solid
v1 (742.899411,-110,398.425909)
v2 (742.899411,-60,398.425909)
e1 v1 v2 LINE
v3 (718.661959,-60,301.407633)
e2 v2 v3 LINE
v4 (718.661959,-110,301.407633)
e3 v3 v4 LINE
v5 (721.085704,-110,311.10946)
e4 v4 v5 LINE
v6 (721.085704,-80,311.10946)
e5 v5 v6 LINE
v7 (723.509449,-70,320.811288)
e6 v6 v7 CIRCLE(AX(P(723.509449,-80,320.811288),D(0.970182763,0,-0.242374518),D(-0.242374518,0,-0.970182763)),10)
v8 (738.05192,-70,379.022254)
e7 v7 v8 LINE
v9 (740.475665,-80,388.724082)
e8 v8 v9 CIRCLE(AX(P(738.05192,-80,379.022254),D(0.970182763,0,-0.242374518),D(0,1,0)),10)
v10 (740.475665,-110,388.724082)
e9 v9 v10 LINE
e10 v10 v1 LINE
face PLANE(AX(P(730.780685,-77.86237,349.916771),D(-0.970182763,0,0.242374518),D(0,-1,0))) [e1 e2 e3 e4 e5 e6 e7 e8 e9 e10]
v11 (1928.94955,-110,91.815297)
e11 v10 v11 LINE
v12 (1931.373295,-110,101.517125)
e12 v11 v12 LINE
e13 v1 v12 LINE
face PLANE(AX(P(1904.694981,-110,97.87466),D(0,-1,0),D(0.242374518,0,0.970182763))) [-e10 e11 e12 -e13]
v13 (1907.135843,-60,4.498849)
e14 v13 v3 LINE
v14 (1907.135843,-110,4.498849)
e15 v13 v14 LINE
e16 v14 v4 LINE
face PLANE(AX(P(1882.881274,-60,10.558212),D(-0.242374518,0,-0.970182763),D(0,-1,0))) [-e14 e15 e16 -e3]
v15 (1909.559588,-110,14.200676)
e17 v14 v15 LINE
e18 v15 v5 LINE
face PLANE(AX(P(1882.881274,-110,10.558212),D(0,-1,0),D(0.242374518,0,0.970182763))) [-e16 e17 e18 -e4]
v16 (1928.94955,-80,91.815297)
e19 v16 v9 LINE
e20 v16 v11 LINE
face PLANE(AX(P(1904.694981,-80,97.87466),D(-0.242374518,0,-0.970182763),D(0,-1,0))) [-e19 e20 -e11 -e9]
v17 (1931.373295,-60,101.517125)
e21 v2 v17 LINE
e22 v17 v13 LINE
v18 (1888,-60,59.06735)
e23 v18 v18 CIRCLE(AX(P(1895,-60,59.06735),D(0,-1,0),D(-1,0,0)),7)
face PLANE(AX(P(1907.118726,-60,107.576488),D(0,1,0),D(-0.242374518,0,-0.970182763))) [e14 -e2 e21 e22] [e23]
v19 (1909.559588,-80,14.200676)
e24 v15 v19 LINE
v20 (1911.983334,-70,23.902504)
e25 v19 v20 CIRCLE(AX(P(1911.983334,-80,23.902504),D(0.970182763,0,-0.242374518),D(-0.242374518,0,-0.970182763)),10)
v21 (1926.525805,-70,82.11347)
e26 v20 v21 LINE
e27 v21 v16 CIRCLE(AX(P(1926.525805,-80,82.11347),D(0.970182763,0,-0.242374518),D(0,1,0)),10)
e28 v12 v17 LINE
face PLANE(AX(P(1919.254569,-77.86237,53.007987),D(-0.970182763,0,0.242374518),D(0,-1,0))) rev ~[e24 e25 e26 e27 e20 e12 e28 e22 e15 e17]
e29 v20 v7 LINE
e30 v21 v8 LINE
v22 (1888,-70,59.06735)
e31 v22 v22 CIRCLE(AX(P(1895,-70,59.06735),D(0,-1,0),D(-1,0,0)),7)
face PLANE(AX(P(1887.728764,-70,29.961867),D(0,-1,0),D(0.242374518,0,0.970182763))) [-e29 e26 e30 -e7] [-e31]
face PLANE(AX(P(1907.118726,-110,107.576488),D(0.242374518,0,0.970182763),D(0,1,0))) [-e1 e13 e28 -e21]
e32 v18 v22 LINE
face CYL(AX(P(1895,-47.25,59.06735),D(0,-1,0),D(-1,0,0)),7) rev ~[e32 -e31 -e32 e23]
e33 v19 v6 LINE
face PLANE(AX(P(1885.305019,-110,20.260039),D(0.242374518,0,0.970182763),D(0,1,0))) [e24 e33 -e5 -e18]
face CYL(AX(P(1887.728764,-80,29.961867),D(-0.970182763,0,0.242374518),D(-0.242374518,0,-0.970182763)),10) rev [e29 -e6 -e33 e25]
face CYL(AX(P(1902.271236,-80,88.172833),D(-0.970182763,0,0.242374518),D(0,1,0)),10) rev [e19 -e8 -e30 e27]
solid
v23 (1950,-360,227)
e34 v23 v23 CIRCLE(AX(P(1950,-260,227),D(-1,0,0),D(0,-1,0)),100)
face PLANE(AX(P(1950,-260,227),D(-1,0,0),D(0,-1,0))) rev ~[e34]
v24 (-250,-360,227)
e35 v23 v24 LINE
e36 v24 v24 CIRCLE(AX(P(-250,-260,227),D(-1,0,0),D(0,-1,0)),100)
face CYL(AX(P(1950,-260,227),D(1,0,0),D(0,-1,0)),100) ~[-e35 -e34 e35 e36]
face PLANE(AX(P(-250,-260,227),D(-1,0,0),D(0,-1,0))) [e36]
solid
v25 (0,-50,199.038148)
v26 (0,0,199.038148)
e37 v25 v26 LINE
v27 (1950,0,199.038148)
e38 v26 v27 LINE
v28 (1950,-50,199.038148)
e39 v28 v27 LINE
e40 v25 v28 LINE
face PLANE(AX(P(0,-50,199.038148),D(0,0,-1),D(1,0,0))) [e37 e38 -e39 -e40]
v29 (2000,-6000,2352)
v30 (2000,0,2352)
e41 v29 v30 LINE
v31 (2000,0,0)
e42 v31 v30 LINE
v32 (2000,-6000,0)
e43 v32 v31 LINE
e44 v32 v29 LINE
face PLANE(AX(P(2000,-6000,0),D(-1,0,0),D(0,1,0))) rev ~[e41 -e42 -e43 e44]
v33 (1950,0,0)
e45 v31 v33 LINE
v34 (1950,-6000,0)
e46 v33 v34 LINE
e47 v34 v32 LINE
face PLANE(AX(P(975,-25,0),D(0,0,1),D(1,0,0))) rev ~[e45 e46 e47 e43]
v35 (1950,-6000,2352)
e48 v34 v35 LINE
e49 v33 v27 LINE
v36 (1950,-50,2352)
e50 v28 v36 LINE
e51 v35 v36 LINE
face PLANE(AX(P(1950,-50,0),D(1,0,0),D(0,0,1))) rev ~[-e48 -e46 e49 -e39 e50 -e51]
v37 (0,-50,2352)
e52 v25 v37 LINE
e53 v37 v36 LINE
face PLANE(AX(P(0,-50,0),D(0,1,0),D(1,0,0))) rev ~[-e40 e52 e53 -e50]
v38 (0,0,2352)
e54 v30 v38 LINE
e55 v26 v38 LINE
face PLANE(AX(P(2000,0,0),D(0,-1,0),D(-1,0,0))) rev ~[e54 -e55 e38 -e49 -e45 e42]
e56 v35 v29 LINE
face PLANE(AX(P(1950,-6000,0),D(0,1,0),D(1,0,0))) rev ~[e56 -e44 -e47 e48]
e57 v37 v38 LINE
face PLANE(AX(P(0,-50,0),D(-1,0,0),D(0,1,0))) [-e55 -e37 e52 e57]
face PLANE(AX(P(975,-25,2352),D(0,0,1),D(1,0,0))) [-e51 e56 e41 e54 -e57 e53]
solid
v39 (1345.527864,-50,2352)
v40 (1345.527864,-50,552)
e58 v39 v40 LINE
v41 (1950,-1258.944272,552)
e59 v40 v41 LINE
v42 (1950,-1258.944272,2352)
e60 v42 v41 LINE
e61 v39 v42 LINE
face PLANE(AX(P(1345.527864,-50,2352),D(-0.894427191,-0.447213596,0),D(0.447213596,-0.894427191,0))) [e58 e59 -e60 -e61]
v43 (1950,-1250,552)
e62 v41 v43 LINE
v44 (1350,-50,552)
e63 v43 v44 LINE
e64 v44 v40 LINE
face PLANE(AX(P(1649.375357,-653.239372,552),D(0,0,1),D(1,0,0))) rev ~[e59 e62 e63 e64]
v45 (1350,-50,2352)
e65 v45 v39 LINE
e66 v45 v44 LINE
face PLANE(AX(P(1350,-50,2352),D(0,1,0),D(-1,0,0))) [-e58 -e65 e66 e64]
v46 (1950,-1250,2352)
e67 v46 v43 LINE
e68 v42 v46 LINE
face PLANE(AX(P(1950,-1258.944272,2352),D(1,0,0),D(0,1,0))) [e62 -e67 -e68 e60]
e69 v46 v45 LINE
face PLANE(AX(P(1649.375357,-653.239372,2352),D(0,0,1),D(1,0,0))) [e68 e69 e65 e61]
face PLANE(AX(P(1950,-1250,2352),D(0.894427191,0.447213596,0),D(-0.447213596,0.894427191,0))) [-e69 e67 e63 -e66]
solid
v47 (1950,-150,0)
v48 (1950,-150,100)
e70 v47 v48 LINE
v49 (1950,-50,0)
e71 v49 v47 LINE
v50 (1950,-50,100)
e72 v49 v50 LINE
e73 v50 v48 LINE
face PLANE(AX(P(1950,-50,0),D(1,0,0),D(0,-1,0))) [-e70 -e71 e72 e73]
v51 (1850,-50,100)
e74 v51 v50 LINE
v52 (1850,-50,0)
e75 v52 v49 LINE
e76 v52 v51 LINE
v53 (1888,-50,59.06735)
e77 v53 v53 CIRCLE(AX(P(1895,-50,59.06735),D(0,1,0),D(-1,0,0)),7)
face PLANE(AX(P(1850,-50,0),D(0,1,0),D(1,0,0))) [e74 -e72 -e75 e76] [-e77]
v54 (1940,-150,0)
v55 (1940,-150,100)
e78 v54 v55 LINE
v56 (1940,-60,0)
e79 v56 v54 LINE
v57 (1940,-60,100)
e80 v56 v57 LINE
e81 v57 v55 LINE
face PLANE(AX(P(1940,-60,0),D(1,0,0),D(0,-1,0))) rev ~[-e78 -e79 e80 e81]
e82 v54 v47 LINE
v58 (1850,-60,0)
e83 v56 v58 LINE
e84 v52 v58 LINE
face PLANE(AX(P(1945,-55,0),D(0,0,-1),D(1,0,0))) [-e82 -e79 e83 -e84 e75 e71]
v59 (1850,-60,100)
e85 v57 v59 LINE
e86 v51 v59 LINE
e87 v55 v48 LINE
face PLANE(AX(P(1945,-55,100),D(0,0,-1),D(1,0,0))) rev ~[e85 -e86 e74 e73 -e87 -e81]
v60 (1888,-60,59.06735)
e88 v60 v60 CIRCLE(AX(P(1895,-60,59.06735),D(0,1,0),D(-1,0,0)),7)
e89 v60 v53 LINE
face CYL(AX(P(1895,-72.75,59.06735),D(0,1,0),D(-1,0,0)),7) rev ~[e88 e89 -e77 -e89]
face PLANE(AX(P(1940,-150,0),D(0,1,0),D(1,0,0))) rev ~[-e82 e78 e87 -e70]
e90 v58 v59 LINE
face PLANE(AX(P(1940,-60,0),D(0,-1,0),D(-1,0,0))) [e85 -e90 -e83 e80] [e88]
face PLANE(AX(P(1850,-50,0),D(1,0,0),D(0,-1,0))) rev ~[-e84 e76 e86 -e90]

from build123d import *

# Parameters (mm, degrees)
F0_W           = 1950
F0_H           = 50
F0_W_2         = 50
F0_H_2         = 5950
F1_DEPTH       = 2352
F2_R           = 100
F2_R_2         = 50
F3_DEPTH       = 2200
F5_DEPTH       = 1800
F6_W           = 1950
F6_H           = 199.0381479263
F7_DEPTH       = 50.001
F8_W           = 10
F8_H           = 10
F8_W_2         = 90
F8_H_2         = 90
F9_DEPTH       = 100
F13_DEPTH      = 1200
F13_DEPTH_BACK = 25
F14_D          = 14
F14_DEPTH      = 12.75
F14_TIP        = 4.2060243332
F15_D          = 14
F15_DEPTH      = 12.75
F15_TIP        = 4.2060243332


with BuildPart() as f1:
    # F0 (on Top) → F1 (new body)
    with BuildSketch(Plane.XY):
        with Locations((975, -25)):
            Rectangle(F0_W, F0_H)
        with Locations((1975, -25)):
            Rectangle(F0_W_2, F0_H)
        with Locations((1975, -3025)):
            Rectangle(F0_W_2, F0_H_2)
    extrude(amount=F1_DEPTH)

    # F6 (on face) → F7 (cut, through all)
    with BuildSketch(Plane.XZ.offset(50)):
        with Locations((975, 99.5190739632)):
            Rectangle(F6_W, F6_H)
    extrude(amount=-F7_DEPTH, mode=Mode.SUBTRACT)


with BuildPart() as f3:
    # F2 (on face) → F3 (new body)
    with BuildSketch(Plane(origin=(1950, 0, 0), x_dir=(0, -1, 0), z_dir=(-1, 0, 0))):
        with Locations((260, 227)):
            Circle(F2_R)
        with Locations((260, 227)):
            Circle(F2_R_2, mode=Mode.SUBTRACT)
        with Locations((260, 227)):
            Circle(F2_R_2)
    extrude(amount=F3_DEPTH)


with BuildPart() as f5:
    # F4 (on face) → F5 (new body)
    with BuildSketch(Plane.XY.offset(2352)):
        Polygon((1350, -50), (1345.527864045, -50), (1950, -1258.94427191), (1950, -1250), align=None)
    extrude(amount=-F5_DEPTH)


with BuildPart() as f9:
    # F8 (on face) → F9 (new body)
    with BuildSketch(Plane(origin=(0, 0, 0), x_dir=(1, 0, 0), z_dir=(0, 0, -1))):
        with Locations((1945, 55)):
            Rectangle(F8_W, F8_H)
        with Locations((1895, 55)):
            Rectangle(F8_W_2, F8_H)
        with Locations((1945, 105)):
            Rectangle(F8_W, F8_H_2)
    extrude(amount=-F9_DEPTH)

    # F15
    with Locations(Plane.XZ.offset(60)):
        with Locations((1895, 59.0673498809)):
            Hole(F15_D / 2, depth=F15_DEPTH)
            with Locations((0, 0, -(F15_DEPTH + F15_TIP / 2))):  # 118° drill point
                Cone(0, F15_D / 2, F15_TIP, mode=Mode.SUBTRACT)


with BuildPart() as f13:
    # F12 (on line) → F13 (new body, two sides)
    with BuildSketch(Plane(origin=(1769.7879097987, 0, -442.1347269633), x_dir=(0, -1, 0), z_dir=(-0.9701827628, 0, 0.2423745176))) as f13_sk:
        with BuildLine():
            Line((60, 566.6058355899), (60, 545.4111338776))
            Line((60, 545.4111338776), (60, 516.6058355899))
            Line((60, 516.6058355899), (60, 466.6058355899))
            Line((60, 466.6058355899), (110, 466.6058355899))
            Line((110, 466.6058355899), (110, 476.6058355899))
            Line((110, 476.6058355899), (80, 476.6058355899))
            ThreePointArc((80, 476.6058355899), (72.9289321881, 479.534767778), (70, 486.6058355899))
            Line((70, 486.6058355899), (70, 516.6058355899))
            Line((70, 516.6058355899), (70, 546.6058355899))
            ThreePointArc((70, 546.6058355899), (72.9289321881, 553.6769034018), (80, 556.6058355899))
            Line((80, 556.6058355899), (110, 556.6058355899))
            Line((110, 556.6058355899), (110, 566.6058355899))
            Line((110, 566.6058355899), (60, 566.6058355899))
        make_face()
    extrude(amount=F13_DEPTH)
    extrude(f13_sk.sketch, amount=-F13_DEPTH_BACK)

    # F14
    with Locations(Plane(origin=(0, -60, 0), x_dir=(1, 0, 0), z_dir=(0, 1, 0))):
        with Locations((1895, -59.0673498809)):
            Hole(F14_D / 2, depth=F14_DEPTH)
            with Locations((0, 0, -(F14_DEPTH + F14_TIP / 2))):  # 118° drill point
                Cone(0, F14_D / 2, F14_TIP, mode=Mode.SUBTRACT)


solid = Compound([f1.part, f3.part, f5.part, f9.part, f13.part])
